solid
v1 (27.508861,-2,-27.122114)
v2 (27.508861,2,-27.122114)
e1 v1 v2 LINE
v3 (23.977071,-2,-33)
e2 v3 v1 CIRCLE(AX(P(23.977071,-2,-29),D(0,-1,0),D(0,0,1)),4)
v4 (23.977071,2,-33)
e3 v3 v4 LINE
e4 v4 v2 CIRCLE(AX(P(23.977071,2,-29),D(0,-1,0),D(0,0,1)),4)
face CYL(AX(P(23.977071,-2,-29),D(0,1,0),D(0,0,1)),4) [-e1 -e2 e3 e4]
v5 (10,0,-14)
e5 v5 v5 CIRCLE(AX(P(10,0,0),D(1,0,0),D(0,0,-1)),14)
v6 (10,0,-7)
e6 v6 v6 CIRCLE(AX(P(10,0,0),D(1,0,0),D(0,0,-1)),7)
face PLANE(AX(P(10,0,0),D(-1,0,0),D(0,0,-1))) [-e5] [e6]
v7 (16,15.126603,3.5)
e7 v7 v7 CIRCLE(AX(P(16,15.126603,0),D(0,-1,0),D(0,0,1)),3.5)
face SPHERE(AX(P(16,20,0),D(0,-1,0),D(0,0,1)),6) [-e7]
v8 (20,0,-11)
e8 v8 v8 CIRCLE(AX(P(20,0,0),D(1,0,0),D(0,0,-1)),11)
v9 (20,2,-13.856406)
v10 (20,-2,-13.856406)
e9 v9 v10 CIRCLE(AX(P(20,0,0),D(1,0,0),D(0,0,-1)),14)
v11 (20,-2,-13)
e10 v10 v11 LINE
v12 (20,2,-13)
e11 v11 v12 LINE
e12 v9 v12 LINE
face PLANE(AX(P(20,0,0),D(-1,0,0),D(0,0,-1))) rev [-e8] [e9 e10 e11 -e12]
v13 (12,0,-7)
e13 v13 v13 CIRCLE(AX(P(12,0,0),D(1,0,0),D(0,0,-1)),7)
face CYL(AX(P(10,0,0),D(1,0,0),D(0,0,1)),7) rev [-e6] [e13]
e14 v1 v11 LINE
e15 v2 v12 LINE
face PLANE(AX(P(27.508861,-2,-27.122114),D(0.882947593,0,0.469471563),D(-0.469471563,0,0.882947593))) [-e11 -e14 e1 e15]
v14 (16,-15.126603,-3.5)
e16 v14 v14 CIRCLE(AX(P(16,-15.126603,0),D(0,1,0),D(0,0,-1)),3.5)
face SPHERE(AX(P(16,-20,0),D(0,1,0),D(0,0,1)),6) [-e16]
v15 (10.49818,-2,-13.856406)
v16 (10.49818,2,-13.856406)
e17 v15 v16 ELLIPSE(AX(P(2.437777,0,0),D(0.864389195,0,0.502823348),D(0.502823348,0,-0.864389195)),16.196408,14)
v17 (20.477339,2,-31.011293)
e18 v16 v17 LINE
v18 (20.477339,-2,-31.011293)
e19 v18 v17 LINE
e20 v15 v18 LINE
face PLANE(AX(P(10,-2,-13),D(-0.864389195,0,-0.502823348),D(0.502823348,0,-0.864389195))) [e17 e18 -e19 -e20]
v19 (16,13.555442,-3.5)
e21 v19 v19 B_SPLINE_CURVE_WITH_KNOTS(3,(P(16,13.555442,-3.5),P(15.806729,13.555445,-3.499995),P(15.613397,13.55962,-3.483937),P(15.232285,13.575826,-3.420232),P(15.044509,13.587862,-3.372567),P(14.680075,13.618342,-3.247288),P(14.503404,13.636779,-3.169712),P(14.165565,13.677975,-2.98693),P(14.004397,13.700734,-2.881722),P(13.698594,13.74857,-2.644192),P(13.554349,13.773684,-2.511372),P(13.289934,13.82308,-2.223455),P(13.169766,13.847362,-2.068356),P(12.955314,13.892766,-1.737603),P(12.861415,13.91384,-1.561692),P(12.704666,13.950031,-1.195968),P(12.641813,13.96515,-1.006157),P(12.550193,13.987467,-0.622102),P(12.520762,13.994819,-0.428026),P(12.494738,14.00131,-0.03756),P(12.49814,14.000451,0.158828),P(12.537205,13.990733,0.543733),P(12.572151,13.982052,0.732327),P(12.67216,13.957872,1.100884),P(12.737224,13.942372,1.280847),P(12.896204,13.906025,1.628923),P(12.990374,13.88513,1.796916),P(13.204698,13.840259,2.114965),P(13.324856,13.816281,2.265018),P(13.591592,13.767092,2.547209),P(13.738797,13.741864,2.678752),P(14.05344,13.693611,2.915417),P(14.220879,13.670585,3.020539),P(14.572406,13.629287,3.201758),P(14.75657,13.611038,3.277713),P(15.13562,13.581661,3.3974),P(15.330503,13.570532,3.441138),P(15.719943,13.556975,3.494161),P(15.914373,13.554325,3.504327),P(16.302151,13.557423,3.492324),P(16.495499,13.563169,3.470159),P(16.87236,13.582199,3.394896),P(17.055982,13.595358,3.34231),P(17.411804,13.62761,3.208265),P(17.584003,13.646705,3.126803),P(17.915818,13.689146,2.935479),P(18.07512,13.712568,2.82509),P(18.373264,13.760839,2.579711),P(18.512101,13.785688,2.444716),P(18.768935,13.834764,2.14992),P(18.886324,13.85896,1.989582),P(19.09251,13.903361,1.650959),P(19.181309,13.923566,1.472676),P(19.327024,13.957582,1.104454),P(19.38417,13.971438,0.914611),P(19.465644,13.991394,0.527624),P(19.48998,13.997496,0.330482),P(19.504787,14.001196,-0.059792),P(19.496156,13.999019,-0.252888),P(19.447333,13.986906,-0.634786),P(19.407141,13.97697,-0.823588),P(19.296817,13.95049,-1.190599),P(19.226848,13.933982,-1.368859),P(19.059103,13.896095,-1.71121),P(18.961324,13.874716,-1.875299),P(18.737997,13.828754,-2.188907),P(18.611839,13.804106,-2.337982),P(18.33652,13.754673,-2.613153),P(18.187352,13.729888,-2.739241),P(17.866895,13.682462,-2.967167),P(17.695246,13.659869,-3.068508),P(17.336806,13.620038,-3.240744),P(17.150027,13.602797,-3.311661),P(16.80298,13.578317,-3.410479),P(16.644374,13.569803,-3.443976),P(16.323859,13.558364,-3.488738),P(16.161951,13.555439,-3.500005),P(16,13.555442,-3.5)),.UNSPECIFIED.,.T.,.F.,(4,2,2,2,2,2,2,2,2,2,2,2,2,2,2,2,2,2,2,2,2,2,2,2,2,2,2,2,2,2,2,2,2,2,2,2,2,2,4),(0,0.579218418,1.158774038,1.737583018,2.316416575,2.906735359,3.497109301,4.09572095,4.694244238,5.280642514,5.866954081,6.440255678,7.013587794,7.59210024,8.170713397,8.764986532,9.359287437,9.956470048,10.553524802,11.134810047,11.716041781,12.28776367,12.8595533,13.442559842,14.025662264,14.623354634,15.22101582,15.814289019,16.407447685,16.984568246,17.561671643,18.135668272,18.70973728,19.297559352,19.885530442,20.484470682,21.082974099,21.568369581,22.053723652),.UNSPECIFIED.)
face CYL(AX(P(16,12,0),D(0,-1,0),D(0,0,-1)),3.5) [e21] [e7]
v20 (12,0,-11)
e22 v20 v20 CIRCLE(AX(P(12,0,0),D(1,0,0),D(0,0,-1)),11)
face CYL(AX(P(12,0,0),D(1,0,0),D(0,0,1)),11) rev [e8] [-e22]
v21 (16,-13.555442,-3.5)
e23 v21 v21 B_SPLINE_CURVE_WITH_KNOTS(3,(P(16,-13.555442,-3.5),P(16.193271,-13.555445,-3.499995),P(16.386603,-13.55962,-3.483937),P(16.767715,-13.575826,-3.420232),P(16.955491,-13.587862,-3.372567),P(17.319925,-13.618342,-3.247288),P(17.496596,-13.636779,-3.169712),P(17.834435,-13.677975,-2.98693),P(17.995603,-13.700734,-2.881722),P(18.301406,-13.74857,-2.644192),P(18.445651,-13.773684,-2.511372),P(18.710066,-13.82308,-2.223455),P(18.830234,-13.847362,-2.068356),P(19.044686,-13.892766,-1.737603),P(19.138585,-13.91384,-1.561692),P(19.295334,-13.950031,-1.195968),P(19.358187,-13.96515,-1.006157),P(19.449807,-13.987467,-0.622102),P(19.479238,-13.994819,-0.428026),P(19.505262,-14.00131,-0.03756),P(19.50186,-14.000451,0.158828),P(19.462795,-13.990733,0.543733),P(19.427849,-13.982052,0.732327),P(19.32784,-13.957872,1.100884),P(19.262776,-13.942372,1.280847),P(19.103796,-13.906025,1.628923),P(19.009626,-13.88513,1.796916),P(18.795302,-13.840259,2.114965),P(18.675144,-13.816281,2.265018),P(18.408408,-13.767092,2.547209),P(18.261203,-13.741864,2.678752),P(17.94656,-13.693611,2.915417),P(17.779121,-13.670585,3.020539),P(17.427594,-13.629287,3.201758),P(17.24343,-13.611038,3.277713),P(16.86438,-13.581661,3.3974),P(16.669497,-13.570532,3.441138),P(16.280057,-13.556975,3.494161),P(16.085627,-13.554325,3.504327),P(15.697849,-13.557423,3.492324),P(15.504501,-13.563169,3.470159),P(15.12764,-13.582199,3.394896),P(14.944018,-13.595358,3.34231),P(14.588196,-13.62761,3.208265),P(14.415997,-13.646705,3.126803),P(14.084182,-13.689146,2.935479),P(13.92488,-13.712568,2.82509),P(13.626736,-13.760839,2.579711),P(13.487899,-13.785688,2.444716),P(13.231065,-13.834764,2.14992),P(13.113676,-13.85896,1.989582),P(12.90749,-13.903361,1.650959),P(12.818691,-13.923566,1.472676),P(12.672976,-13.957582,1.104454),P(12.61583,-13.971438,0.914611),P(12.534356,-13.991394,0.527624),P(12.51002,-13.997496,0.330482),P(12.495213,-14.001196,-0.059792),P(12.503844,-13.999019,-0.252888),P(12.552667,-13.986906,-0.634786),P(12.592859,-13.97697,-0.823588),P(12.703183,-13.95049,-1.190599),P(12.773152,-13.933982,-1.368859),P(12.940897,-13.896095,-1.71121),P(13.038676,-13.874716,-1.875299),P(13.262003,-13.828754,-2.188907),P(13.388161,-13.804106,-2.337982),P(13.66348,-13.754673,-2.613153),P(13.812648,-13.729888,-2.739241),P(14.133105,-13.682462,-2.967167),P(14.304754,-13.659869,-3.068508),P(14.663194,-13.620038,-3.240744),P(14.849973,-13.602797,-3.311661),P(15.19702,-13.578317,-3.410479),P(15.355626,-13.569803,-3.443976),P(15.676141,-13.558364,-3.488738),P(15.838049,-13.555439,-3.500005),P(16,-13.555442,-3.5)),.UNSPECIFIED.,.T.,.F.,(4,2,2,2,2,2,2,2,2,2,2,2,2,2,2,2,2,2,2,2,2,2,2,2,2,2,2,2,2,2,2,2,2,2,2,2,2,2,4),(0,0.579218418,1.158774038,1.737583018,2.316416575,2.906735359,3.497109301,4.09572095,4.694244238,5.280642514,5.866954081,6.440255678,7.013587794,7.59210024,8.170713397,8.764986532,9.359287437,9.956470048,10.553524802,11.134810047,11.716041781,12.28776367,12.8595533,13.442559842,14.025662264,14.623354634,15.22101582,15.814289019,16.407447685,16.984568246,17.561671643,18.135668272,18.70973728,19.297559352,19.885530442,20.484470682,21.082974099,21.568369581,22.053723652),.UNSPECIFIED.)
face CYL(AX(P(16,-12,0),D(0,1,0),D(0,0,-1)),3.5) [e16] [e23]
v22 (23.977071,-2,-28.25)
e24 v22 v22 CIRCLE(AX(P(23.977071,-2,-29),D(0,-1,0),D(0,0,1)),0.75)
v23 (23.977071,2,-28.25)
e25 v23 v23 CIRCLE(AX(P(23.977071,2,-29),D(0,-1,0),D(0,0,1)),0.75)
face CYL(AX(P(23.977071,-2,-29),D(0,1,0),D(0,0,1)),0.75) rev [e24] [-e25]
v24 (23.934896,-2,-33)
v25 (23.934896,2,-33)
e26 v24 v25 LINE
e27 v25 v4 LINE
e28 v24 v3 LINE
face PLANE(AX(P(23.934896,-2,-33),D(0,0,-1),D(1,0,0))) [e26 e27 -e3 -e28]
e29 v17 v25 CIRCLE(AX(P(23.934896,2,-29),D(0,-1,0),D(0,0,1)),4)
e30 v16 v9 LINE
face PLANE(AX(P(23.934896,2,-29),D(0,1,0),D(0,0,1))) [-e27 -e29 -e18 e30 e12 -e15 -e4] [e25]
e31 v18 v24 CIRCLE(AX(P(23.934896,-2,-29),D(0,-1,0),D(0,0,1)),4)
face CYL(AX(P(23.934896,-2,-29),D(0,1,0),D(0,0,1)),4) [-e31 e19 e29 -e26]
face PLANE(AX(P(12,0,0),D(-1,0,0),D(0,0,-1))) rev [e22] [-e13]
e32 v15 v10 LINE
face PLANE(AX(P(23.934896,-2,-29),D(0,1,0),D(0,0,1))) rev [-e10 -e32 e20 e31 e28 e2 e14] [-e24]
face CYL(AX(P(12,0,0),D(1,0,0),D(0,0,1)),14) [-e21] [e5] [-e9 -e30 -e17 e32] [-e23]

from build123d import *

# Parameters (mm, degrees)
SKETCH1_R                = 14
SKETCH1_R_2              = 11
BOSS_EXTRUDE1_DEPTH      = 8
SKETCH2_W                = 3.5
SKETCH2_H                = 8
SKETCH4_R                = 14
SKETCH4_R_2              = 7
BOSS_EXTRUDE2_DEPTH      = 2
BOSS_EXTRUDE3_DEPTH      = 2
BOSS_EXTRUDE3_DEPTH_BACK = 2
SKETCH5_R                = 0.75


with BuildPart() as part:
    # Sketch1 → Boss-Extrude1 (new body)
    with BuildSketch(Plane(origin=(0, 0, 0), x_dir=(0, 0, -1), z_dir=(1, 0, 0))):
        Circle(SKETCH1_R)
        Circle(SKETCH1_R_2, mode=Mode.SUBTRACT)
    extrude(amount=BOSS_EXTRUDE1_DEPTH)

    # Sketch2 → Revolve1 (revolve)
    with BuildSketch(Plane(origin=(4, 0, 0), x_dir=(0, 0, -1), z_dir=(1, 0, 0))):
        with Locations((1.75, 16)):
            Rectangle(SKETCH2_W, SKETCH2_H)
    revolve1 = revolve(axis=Axis((4, 12, 0), (0, 1, 0)))

    # Sketch3 → Revolve2 (revolve)
    with BuildSketch(Plane(origin=(4, 0, 0), x_dir=(0, 0, -1), z_dir=(1, 0, 0))):
        with BuildLine():
            Line((0, 26), (0, 14))
            ThreePointArc((0, 14), (6, 20), (0, 26))
        make_face()
    revolve2 = revolve(axis=Axis((4, 14, 0), (0, 1, 0)))

    # Mirror1: Revolve1, Revolve2 across plane
    add(revolve1.mirror(Plane.ZX))
    add(revolve2.mirror(Plane.ZX))

    # Sketch4 → Boss-Extrude2 (add)
    with BuildSketch(Plane(origin=(8, 0, 0), x_dir=(0, 0, -1), z_dir=(1, 0, 0))):
        Circle(SKETCH4_R)
        Circle(SKETCH4_R_2, mode=Mode.SUBTRACT)
    extrude(amount=BOSS_EXTRUDE2_DEPTH)

    # Sketch5 → Boss-Extrude3 (add, two sides: drawn at the far end of the back side and taken through both)
    with BuildSketch(Plane(origin=(0, 0, 0), x_dir=(1, 0, 0), z_dir=(0, 1, 0)).offset(-BOSS_EXTRUDE3_DEPTH_BACK)):
        with BuildLine():
            Line((10, 13), (0, 13))
            Line((0, 13), (-7.508861075, 27.122113749))
            ThreePointArc((-7.508861075, 27.122113749), (-7.405739907, 31.0601523), (-3.977070704, 33))
            Line((-3.977070704, 33), (-3.934896023, 33))
            ThreePointArc((-3.934896023, 33), (-1.940550712, 32.467360203), (-0.477339242, 31.01129339))
            Line((-0.477339242, 31.01129339), (10, 13))
        make_face()
        with Locations((-3.977070704, 29)):
            Circle(SKETCH5_R, mode=Mode.SUBTRACT)
    extrude(amount=BOSS_EXTRUDE3_DEPTH + BOSS_EXTRUDE3_DEPTH_BACK)


with BuildPart() as body_2:
    # Mirror2: mirrored copy
    add(part.part.mirror(Plane(origin=(10, 0, 0), x_dir=(0, 0, 1), z_dir=(1, 0, 0))))


solid = body_2.part
